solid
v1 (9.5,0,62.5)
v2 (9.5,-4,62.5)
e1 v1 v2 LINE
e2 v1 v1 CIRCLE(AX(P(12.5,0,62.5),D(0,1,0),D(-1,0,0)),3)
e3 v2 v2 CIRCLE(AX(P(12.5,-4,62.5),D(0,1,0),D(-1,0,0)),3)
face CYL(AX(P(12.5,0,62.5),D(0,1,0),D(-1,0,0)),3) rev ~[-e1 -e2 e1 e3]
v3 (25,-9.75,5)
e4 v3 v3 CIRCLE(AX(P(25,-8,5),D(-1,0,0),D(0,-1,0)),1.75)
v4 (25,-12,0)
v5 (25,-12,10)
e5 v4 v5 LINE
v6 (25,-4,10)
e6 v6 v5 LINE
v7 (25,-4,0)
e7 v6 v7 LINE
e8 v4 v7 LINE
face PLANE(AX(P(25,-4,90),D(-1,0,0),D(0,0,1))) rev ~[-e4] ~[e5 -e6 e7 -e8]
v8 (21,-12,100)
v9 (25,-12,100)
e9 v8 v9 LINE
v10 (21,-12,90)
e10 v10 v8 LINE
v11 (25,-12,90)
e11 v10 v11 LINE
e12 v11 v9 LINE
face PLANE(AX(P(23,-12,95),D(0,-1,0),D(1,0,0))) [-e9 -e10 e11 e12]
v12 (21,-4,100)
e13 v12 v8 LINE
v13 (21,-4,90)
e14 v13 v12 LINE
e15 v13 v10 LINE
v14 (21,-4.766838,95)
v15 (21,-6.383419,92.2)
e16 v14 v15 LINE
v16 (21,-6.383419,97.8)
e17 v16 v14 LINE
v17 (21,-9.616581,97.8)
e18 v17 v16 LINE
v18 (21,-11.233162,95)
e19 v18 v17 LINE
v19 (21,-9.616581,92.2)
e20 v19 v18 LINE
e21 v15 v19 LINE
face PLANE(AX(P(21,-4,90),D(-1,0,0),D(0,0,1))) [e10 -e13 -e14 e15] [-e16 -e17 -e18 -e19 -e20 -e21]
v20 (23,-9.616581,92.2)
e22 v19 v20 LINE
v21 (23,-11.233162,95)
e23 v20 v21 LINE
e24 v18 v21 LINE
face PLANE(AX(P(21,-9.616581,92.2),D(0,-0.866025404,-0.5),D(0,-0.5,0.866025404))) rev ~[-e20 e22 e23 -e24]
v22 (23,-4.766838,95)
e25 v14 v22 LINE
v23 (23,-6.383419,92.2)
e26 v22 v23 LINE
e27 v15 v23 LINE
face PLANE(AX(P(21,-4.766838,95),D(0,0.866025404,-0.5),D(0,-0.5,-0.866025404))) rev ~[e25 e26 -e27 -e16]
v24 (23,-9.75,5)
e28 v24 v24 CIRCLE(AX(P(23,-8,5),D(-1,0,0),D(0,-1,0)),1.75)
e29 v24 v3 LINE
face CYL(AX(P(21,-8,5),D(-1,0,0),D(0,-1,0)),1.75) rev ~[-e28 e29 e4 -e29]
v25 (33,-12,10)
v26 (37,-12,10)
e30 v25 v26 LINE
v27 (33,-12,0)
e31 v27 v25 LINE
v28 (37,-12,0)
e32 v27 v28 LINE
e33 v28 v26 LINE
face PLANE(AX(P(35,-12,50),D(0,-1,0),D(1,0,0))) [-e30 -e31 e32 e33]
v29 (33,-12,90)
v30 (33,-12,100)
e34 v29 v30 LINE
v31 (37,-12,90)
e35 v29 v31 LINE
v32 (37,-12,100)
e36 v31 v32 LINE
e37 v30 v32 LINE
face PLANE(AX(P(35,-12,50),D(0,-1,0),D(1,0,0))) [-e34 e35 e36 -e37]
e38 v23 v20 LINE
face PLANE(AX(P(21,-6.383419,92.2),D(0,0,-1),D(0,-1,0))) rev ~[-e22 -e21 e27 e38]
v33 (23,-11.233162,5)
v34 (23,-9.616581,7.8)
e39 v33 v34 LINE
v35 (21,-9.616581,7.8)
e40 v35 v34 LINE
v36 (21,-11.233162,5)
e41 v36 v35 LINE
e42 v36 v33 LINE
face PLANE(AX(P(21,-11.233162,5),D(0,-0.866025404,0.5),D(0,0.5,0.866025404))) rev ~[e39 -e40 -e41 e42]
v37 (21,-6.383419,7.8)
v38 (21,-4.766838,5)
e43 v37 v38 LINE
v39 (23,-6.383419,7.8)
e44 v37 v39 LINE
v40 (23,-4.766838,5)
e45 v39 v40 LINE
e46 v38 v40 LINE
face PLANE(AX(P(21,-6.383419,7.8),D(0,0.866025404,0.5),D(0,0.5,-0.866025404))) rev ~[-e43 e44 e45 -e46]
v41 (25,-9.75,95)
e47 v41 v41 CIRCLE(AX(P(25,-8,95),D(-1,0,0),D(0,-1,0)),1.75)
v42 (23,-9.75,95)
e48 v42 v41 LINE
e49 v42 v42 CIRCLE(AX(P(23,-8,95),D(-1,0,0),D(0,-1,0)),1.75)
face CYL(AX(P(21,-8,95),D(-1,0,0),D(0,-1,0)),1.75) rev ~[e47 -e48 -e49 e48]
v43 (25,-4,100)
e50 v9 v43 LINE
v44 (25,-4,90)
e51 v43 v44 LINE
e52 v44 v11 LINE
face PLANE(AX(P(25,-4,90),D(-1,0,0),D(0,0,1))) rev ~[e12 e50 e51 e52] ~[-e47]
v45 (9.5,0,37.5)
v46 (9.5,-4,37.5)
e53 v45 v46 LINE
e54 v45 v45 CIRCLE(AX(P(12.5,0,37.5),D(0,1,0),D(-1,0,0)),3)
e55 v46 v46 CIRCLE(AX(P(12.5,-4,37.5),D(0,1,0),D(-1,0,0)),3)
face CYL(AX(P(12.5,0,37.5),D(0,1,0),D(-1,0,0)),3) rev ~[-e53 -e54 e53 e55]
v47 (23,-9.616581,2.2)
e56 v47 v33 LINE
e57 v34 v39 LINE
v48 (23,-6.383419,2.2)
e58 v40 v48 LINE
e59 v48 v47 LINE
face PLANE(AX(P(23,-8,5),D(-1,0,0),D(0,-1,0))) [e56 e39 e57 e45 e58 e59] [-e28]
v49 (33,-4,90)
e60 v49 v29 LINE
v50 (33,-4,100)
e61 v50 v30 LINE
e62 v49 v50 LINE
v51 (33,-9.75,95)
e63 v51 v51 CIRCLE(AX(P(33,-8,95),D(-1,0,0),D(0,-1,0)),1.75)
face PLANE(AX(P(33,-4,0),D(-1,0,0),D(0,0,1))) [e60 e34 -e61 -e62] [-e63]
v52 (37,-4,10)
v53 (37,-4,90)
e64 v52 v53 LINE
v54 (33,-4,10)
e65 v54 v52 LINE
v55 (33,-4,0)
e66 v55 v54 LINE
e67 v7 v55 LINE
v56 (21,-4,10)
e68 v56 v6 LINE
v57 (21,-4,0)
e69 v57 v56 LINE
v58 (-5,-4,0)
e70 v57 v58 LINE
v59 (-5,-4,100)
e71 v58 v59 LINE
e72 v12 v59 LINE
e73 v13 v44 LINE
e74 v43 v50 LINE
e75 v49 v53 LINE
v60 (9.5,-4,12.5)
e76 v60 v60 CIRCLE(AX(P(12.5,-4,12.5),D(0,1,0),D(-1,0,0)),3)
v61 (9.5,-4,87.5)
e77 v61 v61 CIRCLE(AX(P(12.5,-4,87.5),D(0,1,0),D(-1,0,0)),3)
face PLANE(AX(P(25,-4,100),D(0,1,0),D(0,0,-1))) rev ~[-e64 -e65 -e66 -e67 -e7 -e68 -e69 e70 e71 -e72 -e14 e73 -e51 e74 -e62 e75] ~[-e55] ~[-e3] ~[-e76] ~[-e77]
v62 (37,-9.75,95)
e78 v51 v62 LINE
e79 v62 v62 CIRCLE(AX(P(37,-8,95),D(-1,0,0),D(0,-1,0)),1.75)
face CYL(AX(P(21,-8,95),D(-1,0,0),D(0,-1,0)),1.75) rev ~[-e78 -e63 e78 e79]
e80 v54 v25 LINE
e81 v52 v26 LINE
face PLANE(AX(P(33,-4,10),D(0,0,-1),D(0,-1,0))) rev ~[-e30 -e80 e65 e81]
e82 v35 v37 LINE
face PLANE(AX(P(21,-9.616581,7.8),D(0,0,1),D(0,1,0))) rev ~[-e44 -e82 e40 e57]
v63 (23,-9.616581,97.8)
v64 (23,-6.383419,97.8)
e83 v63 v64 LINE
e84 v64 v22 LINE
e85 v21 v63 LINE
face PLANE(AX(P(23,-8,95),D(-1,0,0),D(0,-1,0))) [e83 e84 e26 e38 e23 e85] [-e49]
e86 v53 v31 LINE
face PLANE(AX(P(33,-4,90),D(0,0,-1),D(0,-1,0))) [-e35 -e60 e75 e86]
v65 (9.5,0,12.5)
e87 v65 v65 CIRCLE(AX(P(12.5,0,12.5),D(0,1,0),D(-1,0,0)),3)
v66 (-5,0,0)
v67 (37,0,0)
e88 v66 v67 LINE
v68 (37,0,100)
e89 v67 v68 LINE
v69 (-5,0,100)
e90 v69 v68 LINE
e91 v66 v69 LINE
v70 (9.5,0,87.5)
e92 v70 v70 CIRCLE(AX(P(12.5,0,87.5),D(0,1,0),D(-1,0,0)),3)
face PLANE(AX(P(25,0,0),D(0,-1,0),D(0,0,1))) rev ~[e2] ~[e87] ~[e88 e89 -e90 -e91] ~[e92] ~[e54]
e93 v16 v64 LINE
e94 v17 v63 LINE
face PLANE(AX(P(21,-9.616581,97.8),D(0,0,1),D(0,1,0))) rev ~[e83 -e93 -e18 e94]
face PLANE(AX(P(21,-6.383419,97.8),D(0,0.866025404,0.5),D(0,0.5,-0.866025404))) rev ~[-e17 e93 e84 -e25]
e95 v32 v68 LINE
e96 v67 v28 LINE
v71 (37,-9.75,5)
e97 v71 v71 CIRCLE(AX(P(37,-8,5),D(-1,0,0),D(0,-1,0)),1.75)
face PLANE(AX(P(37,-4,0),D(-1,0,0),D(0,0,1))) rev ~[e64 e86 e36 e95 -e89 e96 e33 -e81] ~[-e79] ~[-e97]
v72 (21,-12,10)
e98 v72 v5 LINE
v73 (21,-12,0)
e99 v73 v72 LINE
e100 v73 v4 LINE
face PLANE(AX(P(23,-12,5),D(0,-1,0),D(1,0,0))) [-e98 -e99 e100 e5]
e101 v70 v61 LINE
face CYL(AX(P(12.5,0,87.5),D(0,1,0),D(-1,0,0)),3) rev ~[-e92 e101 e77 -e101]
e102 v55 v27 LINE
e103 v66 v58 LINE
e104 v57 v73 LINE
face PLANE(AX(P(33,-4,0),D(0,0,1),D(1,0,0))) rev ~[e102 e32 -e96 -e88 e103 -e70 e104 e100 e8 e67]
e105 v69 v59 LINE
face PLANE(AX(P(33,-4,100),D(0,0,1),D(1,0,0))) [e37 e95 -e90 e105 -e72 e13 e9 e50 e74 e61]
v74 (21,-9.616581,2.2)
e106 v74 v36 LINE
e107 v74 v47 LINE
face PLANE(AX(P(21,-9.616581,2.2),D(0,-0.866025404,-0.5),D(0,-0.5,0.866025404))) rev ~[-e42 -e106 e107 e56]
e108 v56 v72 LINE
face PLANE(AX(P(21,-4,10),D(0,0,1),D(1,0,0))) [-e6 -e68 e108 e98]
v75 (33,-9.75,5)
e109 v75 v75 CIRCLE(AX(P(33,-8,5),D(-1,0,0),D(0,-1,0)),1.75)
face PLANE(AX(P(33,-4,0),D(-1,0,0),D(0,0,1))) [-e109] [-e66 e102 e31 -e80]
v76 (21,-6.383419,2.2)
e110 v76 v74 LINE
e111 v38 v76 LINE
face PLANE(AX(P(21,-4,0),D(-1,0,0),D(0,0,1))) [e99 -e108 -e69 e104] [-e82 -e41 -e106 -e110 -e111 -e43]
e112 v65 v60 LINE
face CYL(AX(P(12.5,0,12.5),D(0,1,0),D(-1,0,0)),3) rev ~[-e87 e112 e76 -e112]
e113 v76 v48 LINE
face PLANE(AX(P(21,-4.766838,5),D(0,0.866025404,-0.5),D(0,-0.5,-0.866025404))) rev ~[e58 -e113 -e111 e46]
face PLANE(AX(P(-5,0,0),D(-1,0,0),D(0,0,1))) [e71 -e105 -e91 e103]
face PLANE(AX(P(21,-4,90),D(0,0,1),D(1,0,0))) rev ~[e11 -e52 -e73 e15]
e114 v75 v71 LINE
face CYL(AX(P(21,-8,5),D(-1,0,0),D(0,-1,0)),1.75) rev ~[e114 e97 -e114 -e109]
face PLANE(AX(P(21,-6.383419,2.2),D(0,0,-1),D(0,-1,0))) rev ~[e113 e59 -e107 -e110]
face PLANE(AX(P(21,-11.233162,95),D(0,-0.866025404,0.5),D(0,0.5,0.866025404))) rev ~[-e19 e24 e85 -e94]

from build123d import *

# Parameters (mm, degrees)
F0_W      = 25
F0_H      = 100
F1_DEPTH  = 4
F2_W      = 4
F2_H      = 10
F3_DEPTH  = 8
F5_DEPTH  = 5
F4_R      = 3
F6_DEPTH  = 25
F8_DEPTH  = 12
F9_W      = 4
F9_H      = 100
F10_DEPTH = 8
F11_W     = 8
F11_H     = 80
F12_DEPTH = 25
F13_R     = 1.75
F14_DEPTH = 2
F15_DEPTH = 25


with BuildPart() as f1:
    # F0 (on Front) → F1 (new body)
    with BuildSketch(Plane.XZ):
        with Locations((12.5, 50)):
            Rectangle(F0_W, F0_H)
    extrude(amount=F1_DEPTH)

    # F2 (on face) → F3 (join)
    with BuildSketch(Plane.XZ.offset(4)):
        with Locations((23, 95)):
            Rectangle(F2_W, F2_H)
        with Locations((23, 5)):
            Rectangle(F2_W, F2_H)
    extrude(amount=F3_DEPTH)

    # F5 (add): a face of the model
    f5_faces = [f1.faces().sort_by_distance(p)[0] for p in [
        (0, -2, 50),
    ]]
    extrude(f5_faces, amount=F5_DEPTH)

    # F4 (on face) → F6 (cut)
    with BuildSketch(Plane(origin=(0, 0, 0), x_dir=(-1, 0, 0), z_dir=(0, 1, 0))):
        with Locations((-12.5, 12.5)):
            Circle(F4_R)
        with Locations((-12.5, 37.5)):
            Circle(F4_R)
        with Locations((-12.5, 62.5)):
            Circle(F4_R)
        with Locations((-12.5, 87.5)):
            Circle(F4_R)
    extrude(amount=-F6_DEPTH, mode=Mode.SUBTRACT)

    # F7 (on face) → F8 (join)
    with BuildSketch(Plane.YZ.offset(25)):
        Polygon((-4, 0), (0, 0), (0, 100), (-4, 100), (-4, 90), (-4, 10), align=None)
    extrude(amount=F8_DEPTH)

    # F9 (on face) → F10 (join, through all)
    with BuildSketch(Plane.XZ.offset(4)):
        with Locations((35, 50)):
            Rectangle(F9_W, F9_H)
    extrude(amount=F10_DEPTH)

    # F11 (on face) → F12 (cut)
    with BuildSketch(Plane(origin=(33, 0, 0), x_dir=(0, -1, 0), z_dir=(-1, 0, 0))):
        with Locations((8, 50)):
            Rectangle(F11_W, F11_H)
    extrude(amount=-F12_DEPTH, mode=Mode.SUBTRACT)

    # F13 (on face) → F14 (cut)
    with BuildSketch(Plane(origin=(21, 0, 0), x_dir=(0, -1, 0), z_dir=(-1, 0, 0))):
        Polygon((11.2331615075, 5), (9.6165807537, 7.8), (6.3834192463, 7.8), (4.7668384925, 5), (6.3834192463, 2.2), (9.6165807537, 2.2), align=None)
        with Locations((8, 5)):
            Circle(F13_R, mode=Mode.SUBTRACT)
        Polygon((9.6165807537, 92.2), (11.2331615075, 95), (9.6165807537, 97.8), (6.3834192463, 97.8), (4.7668384925, 95), (6.3834192463, 92.2), align=None)
        with Locations((8, 95)):
            Circle(F13_R, mode=Mode.SUBTRACT)
    extrude(amount=-F14_DEPTH, mode=Mode.SUBTRACT)

    # F13 (on face) → F15 (cut)
    with BuildSketch(Plane(origin=(21, 0, 0), x_dir=(0, -1, 0), z_dir=(-1, 0, 0))):
        with Locations((8, 5)):
            Circle(F13_R)
        with Locations((8, 95)):
            Circle(F13_R)
    extrude(amount=-F15_DEPTH, mode=Mode.SUBTRACT)


solid = f1.part
